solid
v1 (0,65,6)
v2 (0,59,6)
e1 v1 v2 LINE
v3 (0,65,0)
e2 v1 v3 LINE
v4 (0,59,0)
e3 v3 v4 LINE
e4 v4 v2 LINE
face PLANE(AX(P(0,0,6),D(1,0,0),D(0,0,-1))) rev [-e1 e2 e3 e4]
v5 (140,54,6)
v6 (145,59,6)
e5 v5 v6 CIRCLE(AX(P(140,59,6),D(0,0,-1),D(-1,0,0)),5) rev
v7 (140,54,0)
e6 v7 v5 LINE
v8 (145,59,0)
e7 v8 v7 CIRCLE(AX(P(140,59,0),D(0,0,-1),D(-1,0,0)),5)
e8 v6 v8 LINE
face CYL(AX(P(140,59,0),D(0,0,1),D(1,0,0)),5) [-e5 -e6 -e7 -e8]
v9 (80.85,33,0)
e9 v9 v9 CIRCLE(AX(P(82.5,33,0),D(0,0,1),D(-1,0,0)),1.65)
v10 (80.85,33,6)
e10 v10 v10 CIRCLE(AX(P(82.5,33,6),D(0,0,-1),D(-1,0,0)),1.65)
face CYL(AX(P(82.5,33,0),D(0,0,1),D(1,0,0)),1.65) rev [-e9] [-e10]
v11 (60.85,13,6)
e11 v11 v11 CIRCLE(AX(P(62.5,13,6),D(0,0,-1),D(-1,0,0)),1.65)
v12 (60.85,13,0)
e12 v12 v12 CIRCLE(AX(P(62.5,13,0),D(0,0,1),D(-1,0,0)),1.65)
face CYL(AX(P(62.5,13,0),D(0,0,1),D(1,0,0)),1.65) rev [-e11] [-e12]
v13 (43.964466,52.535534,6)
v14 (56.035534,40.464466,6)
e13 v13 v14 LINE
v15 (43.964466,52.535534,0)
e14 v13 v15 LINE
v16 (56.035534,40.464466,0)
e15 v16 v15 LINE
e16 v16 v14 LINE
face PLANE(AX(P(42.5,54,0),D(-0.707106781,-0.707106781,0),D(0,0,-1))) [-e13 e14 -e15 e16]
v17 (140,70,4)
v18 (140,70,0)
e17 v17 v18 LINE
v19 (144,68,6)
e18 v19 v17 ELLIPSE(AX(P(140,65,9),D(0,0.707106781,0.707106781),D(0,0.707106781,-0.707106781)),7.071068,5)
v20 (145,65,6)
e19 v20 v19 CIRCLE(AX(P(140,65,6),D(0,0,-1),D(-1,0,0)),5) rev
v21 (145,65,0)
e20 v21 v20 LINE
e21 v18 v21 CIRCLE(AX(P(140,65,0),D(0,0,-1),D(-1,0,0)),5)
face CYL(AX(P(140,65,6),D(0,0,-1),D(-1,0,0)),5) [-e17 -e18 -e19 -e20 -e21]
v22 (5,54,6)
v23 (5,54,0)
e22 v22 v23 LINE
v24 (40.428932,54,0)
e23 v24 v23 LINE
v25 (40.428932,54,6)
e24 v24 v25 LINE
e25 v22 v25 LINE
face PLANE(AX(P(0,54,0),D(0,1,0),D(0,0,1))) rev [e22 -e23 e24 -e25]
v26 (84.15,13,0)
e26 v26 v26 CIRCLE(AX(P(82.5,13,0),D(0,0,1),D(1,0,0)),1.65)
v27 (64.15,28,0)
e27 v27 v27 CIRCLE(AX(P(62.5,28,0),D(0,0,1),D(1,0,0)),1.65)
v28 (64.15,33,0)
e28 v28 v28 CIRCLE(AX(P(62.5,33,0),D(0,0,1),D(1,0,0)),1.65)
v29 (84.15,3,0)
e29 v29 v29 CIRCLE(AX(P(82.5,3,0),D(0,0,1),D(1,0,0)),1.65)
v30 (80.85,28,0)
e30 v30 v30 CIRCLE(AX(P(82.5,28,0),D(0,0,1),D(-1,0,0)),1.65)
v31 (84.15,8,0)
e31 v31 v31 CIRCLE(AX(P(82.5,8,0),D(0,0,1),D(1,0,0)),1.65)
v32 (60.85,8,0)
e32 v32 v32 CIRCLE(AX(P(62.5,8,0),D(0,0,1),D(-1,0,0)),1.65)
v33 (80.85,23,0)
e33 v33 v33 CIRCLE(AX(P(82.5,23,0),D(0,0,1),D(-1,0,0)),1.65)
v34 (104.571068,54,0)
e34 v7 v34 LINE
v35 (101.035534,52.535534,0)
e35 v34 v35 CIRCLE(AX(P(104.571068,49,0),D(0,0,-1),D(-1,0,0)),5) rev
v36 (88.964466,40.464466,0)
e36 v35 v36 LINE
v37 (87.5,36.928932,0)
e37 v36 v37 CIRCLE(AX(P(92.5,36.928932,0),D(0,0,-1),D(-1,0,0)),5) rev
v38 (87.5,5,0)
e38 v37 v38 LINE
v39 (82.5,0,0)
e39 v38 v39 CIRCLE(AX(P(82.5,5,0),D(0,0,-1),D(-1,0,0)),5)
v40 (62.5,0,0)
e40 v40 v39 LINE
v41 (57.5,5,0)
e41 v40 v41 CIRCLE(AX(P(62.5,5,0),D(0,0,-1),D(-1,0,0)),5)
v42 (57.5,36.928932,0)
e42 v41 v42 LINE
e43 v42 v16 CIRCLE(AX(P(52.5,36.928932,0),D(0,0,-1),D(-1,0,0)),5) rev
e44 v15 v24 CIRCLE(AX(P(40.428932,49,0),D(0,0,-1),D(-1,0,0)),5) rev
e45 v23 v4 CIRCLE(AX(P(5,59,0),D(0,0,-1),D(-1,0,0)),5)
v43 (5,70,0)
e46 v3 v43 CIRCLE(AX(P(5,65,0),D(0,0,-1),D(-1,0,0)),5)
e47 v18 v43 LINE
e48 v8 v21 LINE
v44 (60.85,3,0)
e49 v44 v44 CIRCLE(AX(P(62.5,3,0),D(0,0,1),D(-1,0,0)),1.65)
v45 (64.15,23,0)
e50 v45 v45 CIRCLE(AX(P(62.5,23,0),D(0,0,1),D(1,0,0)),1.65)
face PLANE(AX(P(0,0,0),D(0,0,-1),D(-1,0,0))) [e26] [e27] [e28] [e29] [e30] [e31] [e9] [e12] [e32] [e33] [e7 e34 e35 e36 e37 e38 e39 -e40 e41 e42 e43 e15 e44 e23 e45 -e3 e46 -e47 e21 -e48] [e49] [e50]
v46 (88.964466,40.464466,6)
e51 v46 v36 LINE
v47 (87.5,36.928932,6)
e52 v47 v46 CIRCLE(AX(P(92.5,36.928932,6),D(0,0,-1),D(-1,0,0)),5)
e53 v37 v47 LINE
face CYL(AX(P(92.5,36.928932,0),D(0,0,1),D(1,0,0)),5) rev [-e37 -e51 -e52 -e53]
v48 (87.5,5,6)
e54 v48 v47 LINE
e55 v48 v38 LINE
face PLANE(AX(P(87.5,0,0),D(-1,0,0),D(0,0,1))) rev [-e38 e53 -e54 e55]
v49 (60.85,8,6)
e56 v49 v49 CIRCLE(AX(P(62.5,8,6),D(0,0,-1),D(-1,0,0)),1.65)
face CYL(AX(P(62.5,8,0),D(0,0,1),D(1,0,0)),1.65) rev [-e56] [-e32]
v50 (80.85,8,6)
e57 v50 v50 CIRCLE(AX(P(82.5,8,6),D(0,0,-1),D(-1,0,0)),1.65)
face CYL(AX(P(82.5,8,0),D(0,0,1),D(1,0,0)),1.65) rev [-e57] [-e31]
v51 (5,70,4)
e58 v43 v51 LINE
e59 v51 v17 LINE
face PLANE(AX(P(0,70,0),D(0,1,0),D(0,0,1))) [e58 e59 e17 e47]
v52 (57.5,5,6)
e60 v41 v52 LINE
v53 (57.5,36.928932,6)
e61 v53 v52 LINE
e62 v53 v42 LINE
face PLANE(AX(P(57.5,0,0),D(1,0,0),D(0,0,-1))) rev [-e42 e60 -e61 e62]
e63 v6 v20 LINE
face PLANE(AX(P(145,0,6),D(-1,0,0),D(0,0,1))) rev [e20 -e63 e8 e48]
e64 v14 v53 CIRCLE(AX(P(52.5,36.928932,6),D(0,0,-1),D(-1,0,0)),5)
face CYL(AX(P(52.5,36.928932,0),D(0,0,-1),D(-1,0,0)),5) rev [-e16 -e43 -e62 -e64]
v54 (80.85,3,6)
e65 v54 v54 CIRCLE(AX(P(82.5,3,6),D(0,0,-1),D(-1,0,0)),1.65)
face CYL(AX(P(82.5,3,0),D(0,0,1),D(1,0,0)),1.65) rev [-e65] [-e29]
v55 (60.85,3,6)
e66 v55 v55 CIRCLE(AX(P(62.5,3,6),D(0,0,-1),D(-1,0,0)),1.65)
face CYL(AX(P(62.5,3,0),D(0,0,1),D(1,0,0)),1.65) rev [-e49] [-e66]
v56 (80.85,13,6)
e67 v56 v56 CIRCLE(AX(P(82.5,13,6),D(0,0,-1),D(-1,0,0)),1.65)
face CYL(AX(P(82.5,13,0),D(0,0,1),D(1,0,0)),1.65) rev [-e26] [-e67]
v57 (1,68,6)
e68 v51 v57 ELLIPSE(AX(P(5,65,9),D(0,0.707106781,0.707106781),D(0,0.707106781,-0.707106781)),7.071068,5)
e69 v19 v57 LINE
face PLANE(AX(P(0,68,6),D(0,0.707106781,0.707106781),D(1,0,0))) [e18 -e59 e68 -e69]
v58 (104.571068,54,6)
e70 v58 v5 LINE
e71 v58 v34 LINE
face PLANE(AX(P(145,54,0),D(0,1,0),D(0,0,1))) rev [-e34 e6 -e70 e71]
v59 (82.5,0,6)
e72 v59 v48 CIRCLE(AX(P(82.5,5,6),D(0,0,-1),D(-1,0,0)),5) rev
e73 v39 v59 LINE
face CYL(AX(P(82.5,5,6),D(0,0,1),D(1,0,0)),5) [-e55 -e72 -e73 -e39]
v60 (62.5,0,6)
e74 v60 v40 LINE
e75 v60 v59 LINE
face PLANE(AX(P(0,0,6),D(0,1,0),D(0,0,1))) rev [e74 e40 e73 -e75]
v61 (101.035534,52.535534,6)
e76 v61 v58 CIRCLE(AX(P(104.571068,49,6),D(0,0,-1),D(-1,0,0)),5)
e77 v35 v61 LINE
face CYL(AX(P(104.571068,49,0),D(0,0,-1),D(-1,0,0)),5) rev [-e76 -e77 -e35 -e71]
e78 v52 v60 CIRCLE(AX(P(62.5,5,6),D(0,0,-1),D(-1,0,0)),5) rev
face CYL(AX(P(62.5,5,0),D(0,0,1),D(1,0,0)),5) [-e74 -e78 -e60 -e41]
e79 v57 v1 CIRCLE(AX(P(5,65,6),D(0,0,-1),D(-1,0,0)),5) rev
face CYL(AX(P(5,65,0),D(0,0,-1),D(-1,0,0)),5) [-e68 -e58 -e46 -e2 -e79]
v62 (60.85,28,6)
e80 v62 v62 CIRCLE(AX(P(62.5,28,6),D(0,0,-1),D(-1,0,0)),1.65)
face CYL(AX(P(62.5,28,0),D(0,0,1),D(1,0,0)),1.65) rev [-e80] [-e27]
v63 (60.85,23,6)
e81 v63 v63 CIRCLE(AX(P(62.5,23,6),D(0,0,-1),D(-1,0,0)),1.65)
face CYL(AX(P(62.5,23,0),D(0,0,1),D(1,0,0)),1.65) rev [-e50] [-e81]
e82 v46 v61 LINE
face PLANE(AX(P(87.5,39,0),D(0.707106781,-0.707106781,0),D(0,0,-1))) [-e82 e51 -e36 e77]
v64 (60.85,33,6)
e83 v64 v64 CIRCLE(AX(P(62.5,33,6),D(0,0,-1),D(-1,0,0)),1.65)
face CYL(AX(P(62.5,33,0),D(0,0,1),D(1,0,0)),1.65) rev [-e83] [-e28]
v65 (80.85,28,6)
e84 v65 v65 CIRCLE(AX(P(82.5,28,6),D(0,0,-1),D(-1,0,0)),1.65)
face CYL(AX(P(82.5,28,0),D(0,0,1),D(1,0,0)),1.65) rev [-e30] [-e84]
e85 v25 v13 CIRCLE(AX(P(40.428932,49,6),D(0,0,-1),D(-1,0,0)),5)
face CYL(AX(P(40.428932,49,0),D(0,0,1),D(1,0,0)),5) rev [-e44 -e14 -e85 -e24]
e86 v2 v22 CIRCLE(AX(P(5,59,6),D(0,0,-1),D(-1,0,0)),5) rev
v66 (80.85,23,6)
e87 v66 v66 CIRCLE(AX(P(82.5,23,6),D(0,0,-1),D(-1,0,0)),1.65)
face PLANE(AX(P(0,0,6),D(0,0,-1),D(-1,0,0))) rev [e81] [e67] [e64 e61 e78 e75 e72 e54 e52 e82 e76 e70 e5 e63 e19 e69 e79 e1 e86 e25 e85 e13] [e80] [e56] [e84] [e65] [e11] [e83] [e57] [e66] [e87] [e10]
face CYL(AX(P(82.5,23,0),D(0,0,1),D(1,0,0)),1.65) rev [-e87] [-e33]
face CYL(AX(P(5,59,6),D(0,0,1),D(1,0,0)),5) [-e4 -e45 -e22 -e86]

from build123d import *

# Parameters (mm, degrees)
ESQUISSE1_W                  = 145
ESQUISSE1_H                  = 40
BOSS_EXTRU_1_DEPTH           = 6
ESQUISSE2_R                  = 1.65
ENL_V_MAT_EXTRU_1_DEPTH      = 1
ENL_V_MAT_EXTRU_1_DEPTH_BACK = 7
ESQUISSE3_W                  = 145
ESQUISSE3_H                  = 30
BOSS_EXTRU_2_DEPTH           = 6
CHANFREIN1_SIZE              = 2
ESQUISSE4_W                  = 57.5
ESQUISSE4_H                  = 54
ENL_V_MAT_EXTRU_2_DEPTH      = 1
ENL_V_MAT_EXTRU_2_DEPTH_BACK = 7
CHANFREIN2_SIZE              = 15
CONG_2_R                     = 5


with BuildPart() as part:
    # Esquisse1 → Boss.-Extru.1 (new body)
    with BuildSketch(Plane.XY):
        with Locations((72.5, 20)):
            Rectangle(ESQUISSE1_W, ESQUISSE1_H)
    extrude(amount=BOSS_EXTRU_1_DEPTH)

    # Esquisse2 → Enlèv. mat.-Extru.1 (cut, two sides)
    with BuildSketch(Plane.XY.offset(6)) as enl_v_mat_extru_1_sk:
        with Locations((62.5, 23)):
            Circle(ESQUISSE2_R)
        with Locations((62.5, 3)):
            Circle(ESQUISSE2_R)
        with Locations((82.5, 3)):
            Circle(ESQUISSE2_R)
        with Locations((82.5, 23)):
            Circle(ESQUISSE2_R)
        with Locations((62.5, 28)):
            Circle(ESQUISSE2_R)
        with Locations((62.5, 8)):
            Circle(ESQUISSE2_R)
        with Locations((82.5, 8)):
            Circle(ESQUISSE2_R)
        with Locations((82.5, 28)):
            Circle(ESQUISSE2_R)
        with Locations((62.5, 33)):
            Circle(ESQUISSE2_R)
        with Locations((62.5, 13)):
            Circle(ESQUISSE2_R)
        with Locations((82.5, 13)):
            Circle(ESQUISSE2_R)
        with Locations((82.5, 33)):
            Circle(ESQUISSE2_R)
    extrude(amount=ENL_V_MAT_EXTRU_1_DEPTH, mode=Mode.SUBTRACT)
    extrude(enl_v_mat_extru_1_sk.sketch, amount=-ENL_V_MAT_EXTRU_1_DEPTH_BACK, mode=Mode.SUBTRACT)

    # Esquisse3 → Boss.-Extru.2 (add)
    with BuildSketch(Plane.XY.offset(6)):
        with Locations((72.5, 55)):
            Rectangle(ESQUISSE3_W, ESQUISSE3_H)
    extrude(amount=-BOSS_EXTRU_2_DEPTH)

    # Chanfrein1
    chanfrein1_edges = [part.edges().sort_by_distance(p)[0] for p in [
        (72.5, 70, 6),
    ]]
    chamfer(chanfrein1_edges, length=CHANFREIN1_SIZE)

    # Esquisse4 → Enlèv. mat.-Extru.2 (cut, two sides)
    with BuildSketch(Plane.XY.offset(6)) as enl_v_mat_extru_2_sk:
        with Locations((28.75, 27)):
            Rectangle(ESQUISSE4_W, ESQUISSE4_H)
        with Locations((116.25, 27)):
            Rectangle(ESQUISSE4_W, ESQUISSE4_H)
    extrude(amount=ENL_V_MAT_EXTRU_2_DEPTH, mode=Mode.SUBTRACT)
    extrude(enl_v_mat_extru_2_sk.sketch, amount=-ENL_V_MAT_EXTRU_2_DEPTH_BACK, mode=Mode.SUBTRACT)

    # Chanfrein2
    chanfrein2_edges = [part.edges().sort_by_distance(p)[0] for p in [
        (87.5, 54, 3),
        (57.5, 54, 3),
    ]]
    chamfer(chanfrein2_edges, length=CHANFREIN2_SIZE)

    # Congé2
    cong_2_edges = [part.edges().sort_by_distance(p)[0] for p in [
        (145, 70, 2),
        (145, 54, 3),
        (102.5, 54, 3),
        (87.5, 39, 3),
        (87.5, 0, 3),
        (57.5, 0, 3),
        (57.5, 39, 3),
        (42.5, 54, 3),
        (0, 54, 3),
        (0, 70, 2),
    ]]
    fillet(cong_2_edges, radius=CONG_2_R)


solid = part.part
